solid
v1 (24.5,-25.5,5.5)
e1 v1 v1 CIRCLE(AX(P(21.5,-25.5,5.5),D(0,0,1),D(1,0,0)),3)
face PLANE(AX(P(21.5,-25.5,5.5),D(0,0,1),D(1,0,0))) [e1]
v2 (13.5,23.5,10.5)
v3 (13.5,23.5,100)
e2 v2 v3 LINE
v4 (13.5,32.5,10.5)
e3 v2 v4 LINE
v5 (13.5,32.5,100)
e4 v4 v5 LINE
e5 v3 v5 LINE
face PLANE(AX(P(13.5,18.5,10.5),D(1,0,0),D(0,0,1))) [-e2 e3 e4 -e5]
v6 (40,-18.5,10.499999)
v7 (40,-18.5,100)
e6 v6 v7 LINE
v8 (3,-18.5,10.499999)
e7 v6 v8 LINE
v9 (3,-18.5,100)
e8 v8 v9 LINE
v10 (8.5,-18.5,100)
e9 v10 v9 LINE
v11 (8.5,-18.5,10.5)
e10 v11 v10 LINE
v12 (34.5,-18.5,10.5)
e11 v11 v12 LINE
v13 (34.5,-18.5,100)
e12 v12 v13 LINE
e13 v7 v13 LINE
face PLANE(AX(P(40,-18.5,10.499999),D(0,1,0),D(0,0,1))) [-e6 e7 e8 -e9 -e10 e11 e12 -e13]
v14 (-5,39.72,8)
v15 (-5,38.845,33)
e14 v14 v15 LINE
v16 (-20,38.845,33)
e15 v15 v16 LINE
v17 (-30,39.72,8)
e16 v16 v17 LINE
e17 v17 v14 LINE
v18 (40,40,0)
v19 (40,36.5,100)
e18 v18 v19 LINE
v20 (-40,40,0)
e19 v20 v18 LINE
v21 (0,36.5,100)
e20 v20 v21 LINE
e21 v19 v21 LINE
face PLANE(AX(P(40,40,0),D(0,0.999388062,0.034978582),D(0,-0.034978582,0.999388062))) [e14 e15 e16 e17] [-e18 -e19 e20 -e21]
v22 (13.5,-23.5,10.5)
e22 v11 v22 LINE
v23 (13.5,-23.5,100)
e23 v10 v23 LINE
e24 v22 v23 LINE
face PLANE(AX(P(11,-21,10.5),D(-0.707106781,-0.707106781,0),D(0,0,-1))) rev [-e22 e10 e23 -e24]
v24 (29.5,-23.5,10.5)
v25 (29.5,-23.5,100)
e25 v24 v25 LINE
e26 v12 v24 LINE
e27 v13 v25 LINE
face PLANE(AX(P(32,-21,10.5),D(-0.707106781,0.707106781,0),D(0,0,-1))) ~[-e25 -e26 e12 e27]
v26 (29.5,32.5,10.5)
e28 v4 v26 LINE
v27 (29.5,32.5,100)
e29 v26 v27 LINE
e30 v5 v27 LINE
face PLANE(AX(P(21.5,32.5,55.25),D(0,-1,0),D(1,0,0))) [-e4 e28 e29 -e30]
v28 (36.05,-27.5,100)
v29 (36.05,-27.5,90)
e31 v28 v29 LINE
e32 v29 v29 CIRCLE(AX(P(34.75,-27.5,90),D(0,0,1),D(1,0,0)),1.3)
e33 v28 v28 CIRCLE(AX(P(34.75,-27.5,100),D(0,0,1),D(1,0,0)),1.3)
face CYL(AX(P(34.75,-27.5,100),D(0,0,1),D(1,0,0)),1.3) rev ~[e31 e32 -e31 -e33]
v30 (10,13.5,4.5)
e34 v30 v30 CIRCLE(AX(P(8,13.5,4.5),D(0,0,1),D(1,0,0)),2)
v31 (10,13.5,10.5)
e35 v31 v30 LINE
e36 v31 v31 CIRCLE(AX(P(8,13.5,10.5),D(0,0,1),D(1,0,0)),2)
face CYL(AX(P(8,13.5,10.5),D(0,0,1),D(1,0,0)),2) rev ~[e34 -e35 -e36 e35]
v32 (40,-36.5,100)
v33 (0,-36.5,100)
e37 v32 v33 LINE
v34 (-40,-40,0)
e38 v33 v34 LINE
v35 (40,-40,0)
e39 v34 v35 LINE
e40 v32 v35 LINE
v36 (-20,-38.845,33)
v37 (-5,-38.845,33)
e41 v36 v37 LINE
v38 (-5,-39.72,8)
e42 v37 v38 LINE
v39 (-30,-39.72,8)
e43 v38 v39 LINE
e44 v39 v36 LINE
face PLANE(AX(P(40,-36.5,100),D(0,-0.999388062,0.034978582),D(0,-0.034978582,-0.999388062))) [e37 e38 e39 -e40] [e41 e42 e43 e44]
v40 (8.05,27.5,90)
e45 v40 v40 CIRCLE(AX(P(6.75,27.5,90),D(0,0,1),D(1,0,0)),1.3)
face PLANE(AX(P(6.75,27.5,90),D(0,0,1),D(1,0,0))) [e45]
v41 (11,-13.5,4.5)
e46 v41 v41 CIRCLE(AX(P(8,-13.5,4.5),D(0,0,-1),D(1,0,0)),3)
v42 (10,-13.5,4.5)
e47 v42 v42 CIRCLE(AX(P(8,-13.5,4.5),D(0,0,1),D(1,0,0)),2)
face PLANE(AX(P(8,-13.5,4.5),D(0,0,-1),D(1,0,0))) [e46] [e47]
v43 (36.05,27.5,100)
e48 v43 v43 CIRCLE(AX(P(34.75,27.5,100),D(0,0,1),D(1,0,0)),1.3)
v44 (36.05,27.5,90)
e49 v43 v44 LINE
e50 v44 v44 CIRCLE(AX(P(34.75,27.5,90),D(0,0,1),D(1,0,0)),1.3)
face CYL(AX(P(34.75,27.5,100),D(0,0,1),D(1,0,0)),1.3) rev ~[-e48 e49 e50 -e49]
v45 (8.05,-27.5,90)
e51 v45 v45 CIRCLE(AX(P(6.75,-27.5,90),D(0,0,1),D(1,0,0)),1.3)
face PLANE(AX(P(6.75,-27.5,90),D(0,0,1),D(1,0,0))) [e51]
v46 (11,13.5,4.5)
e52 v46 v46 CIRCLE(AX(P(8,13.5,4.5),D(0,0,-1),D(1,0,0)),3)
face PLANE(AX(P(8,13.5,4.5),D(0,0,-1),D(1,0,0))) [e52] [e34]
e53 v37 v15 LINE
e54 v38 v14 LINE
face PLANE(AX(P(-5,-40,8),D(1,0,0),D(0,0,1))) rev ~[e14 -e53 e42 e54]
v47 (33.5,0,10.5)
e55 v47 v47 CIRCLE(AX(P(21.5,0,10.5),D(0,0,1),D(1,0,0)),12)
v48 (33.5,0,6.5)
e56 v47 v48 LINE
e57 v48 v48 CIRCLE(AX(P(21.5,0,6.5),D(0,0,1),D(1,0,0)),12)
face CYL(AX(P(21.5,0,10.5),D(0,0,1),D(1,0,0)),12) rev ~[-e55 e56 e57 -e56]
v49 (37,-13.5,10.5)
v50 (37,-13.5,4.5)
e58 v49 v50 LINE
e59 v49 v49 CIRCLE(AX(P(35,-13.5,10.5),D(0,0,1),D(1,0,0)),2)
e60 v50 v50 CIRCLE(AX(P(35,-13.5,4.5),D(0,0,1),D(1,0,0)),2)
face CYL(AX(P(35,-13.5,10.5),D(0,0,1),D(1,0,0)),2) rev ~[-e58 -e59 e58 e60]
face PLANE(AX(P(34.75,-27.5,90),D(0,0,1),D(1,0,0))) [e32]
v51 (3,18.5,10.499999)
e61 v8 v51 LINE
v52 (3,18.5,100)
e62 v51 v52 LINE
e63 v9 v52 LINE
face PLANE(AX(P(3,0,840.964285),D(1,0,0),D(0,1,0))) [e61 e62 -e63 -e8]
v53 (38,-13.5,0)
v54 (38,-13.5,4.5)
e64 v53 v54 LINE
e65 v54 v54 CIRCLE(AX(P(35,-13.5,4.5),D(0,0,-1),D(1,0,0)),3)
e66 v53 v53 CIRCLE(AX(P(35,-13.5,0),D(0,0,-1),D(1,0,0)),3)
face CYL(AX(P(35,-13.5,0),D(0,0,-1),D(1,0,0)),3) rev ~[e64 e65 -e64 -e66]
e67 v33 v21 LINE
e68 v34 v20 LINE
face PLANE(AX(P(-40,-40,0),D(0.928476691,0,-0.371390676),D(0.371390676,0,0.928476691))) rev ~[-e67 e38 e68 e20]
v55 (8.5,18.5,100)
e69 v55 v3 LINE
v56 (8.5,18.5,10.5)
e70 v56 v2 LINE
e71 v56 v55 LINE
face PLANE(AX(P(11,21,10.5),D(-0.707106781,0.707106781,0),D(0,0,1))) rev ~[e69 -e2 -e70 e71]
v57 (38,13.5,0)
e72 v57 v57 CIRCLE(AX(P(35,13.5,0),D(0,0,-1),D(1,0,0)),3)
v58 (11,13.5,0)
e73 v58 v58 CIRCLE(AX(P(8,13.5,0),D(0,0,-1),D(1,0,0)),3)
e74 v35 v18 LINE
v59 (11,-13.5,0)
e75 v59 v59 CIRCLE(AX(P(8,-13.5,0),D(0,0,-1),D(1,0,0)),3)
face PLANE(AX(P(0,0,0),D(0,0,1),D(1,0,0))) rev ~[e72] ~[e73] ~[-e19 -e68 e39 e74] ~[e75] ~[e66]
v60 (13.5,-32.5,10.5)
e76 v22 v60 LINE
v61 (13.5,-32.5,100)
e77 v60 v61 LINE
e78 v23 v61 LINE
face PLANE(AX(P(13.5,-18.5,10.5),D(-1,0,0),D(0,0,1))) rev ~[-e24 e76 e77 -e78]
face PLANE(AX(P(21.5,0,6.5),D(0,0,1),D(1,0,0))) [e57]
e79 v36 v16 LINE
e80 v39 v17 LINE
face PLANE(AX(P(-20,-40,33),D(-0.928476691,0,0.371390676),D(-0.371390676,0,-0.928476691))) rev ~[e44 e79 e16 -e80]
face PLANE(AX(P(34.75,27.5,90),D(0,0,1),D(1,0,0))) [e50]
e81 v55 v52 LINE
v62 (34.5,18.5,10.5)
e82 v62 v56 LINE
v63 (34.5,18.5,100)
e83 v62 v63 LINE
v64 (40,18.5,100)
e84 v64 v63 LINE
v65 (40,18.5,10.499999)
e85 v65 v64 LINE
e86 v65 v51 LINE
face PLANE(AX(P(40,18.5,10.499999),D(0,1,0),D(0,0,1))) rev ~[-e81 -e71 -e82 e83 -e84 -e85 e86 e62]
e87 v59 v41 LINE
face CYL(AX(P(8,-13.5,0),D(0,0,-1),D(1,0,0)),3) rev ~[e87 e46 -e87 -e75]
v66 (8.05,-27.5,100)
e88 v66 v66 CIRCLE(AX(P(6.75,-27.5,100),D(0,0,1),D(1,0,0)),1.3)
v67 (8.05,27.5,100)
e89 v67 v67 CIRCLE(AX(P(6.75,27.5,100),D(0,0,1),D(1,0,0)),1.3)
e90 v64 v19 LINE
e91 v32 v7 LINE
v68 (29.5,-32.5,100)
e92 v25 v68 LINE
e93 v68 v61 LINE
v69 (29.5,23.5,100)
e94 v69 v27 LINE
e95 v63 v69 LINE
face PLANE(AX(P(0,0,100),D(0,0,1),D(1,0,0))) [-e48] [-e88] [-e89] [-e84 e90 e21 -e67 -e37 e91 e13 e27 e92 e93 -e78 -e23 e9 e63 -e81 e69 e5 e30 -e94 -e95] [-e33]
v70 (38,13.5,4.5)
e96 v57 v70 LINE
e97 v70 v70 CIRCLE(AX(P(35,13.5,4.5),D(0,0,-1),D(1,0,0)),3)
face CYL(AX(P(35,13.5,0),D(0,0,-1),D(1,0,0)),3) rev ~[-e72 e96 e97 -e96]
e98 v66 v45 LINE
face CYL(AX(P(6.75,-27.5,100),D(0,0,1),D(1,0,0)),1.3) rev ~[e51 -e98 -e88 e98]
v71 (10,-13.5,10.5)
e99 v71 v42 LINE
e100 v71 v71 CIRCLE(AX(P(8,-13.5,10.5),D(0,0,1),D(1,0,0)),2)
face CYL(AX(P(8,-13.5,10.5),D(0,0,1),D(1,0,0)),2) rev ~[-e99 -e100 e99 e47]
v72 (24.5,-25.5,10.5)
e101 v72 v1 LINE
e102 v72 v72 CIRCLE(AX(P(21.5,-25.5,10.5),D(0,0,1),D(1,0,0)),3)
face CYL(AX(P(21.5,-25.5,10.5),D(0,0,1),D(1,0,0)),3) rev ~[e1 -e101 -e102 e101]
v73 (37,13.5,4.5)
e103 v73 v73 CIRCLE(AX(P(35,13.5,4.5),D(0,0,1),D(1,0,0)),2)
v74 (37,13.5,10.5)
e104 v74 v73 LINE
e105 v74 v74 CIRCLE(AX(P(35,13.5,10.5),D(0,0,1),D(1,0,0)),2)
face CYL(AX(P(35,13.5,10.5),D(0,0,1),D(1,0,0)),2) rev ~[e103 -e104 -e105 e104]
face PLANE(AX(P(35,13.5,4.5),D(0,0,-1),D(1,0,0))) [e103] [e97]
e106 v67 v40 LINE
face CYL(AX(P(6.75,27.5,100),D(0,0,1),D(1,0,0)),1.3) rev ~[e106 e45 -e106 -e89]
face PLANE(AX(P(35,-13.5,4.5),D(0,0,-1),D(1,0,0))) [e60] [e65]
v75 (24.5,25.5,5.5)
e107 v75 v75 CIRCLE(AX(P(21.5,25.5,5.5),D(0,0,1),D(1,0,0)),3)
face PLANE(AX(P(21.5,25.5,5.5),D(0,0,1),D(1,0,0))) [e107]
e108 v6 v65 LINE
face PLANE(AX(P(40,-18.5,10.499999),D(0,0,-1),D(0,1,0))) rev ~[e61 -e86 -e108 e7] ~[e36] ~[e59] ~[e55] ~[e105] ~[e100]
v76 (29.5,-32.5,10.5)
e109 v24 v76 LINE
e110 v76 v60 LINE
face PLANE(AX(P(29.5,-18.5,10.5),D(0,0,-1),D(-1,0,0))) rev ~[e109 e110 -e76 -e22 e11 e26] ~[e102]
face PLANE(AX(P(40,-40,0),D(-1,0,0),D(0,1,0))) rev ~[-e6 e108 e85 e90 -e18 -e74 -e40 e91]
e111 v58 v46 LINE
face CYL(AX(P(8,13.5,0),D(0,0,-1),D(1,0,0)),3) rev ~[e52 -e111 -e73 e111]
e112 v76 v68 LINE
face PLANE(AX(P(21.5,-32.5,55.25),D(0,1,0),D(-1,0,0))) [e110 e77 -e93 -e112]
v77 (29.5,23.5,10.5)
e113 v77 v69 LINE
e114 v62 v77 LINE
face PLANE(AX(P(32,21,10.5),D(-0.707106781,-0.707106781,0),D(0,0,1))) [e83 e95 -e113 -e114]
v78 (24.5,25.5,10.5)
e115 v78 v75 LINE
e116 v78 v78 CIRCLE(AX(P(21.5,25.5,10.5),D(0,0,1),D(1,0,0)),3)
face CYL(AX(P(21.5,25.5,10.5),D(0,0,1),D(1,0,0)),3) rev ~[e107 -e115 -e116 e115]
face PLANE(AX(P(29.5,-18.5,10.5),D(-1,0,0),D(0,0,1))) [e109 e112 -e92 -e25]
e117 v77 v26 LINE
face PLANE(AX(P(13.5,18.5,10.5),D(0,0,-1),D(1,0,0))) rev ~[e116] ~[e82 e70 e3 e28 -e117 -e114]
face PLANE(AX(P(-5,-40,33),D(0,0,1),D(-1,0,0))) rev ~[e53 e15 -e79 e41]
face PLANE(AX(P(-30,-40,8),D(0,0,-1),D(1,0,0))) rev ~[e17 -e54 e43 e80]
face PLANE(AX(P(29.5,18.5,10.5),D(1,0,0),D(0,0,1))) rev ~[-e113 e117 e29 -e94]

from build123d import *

# Parameters (mm, degrees)
SKETCH007_W     = 80
SKETCH007_H     = 80
PAD005_DEPTH    = 100
POCKET001_DEPTH = 80.001
POCKET002_DEPTH = 80.001
SKETCH011_W     = 37
SKETCH011_H     = 1660.928571
POCKET003_DEPTH = 37
SKETCH012_R     = 12
POCKET004_DEPTH = 4
SKETCH013_R     = 2
POCKET005_DEPTH = 10.501
SKETCH014_R     = 3
POCKET006_DEPTH = 4.5
SKETCH016_W     = 16
SKETCH016_H     = 89.5
POCKET008_DEPTH = 14
SKETCH024_W     = 16
SKETCH024_H     = 89.5
POCKET015_DEPTH = 14
SKETCH018_R     = 3
POCKET010_DEPTH = 5
SKETCH022_R     = 1.3
POCKET013_DEPTH = 10
CHAMFER_SIZE    = 5


with BuildPart() as part:
    # Sketch007 → Pad005 (new body)
    with BuildSketch(Plane.XY):
        Rectangle(SKETCH007_W, SKETCH007_H)
    extrude(amount=PAD005_DEPTH)

    # Sketch008 (on Face2 of Pad005) → Pocket001 (cut, through all)
    with BuildSketch(Plane.XZ.offset(40)):
        Polygon((-40, 0), (0, 100), (-40, 100), align=None)
        Polygon((-30, 8), (-5, 8), (-5, 33), (-20, 33), align=None)
    extrude(amount=-POCKET001_DEPTH, mode=Mode.SUBTRACT)

    # Sketch009 (on Face4 of Pocket001) → Pocket002 (cut, through all)
    with BuildSketch(Plane.YZ.offset(40)):
        Polygon((-36.5, 100), (-40, 0), (-40, 100), align=None)
        Polygon((40, 0), (36.5, 100), (40, 100), align=None)
    extrude(amount=-POCKET002_DEPTH, mode=Mode.SUBTRACT)

    # Sketch011 (on Face4 of Pocket002) → Pocket003 (cut)
    with BuildSketch(Plane.YZ.offset(40)):
        with Locations((0, 840.964285)):
            Rectangle(SKETCH011_W, SKETCH011_H)
    extrude(amount=-POCKET003_DEPTH, mode=Mode.SUBTRACT)

    # Sketch012 (on Face12 of Pocket003) → Pocket004 (cut)
    with BuildSketch(Plane.XY.offset(10.5)):
        with Locations((21.5, 0)):
            Circle(SKETCH012_R)
    extrude(amount=-POCKET004_DEPTH, mode=Mode.SUBTRACT)

    # Sketch013 (on Face12 of Pocket004) → Pocket005 (cut, through all)
    with BuildSketch(Plane.XY.offset(10.5)):
        with Locations((8, 13.5)):
            Circle(SKETCH013_R)
        with Locations((35, 13.5)):
            Circle(SKETCH013_R)
        with Locations((35, -13.5)):
            Circle(SKETCH013_R)
        with Locations((8, -13.5)):
            Circle(SKETCH013_R)
    extrude(amount=-POCKET005_DEPTH, mode=Mode.SUBTRACT)

    # Sketch014 (on Face1 of Pocket005) → Pocket006 (cut)
    with BuildSketch(Plane(origin=(0, 0, 0), x_dir=(1, 0, 0), z_dir=(0, 0, -1))):
        with Locations((8, 13.5)):
            Circle(SKETCH014_R)
        with Locations((35, 13.5)):
            Circle(SKETCH014_R)
        with Locations((35, -13.5)):
            Circle(SKETCH014_R)
        with Locations((8, -13.5)):
            Circle(SKETCH014_R)
    extrude(amount=-POCKET006_DEPTH, mode=Mode.SUBTRACT)

    # Sketch016 (on Face15 of Pocket006) → Pocket008 (cut)
    with BuildSketch(Plane.XZ.offset(-18.5)):
        with Locations((21.5, 55.25)):
            Rectangle(SKETCH016_W, SKETCH016_H)
    extrude(amount=-POCKET008_DEPTH, mode=Mode.SUBTRACT)

    # Sketch024 (on Face16 of Pocket008) → Pocket015 (cut)
    with BuildSketch(Plane(origin=(0, -18.5, 0), x_dir=(-1, 0, 0), z_dir=(0, 1, 0))):
        with Locations((-21.5, 55.25)):
            Rectangle(SKETCH024_W, SKETCH024_H)
    extrude(amount=-POCKET015_DEPTH, mode=Mode.SUBTRACT)

    # Sketch018 (on Face34 of Pocket015) → Pocket010 (cut)
    with BuildSketch(Plane.XY.offset(10.5)):
        with Locations((21.5, -25.5)):
            Circle(SKETCH018_R)
        with Locations((21.5, 25.5)):
            Circle(SKETCH018_R)
    extrude(amount=-POCKET010_DEPTH, mode=Mode.SUBTRACT)

    # Sketch022 (on Face10 of Pocket010) → Pocket013 (cut)
    with BuildSketch(Plane.XY.offset(100)):
        with Locations((6.75, 27.5)):
            Circle(SKETCH022_R)
        with Locations((34.75, 27.5)):
            Circle(SKETCH022_R)
        with Locations((6.75, -27.5)):
            Circle(SKETCH022_R)
        with Locations((34.75, -27.5)):
            Circle(SKETCH022_R)
    extrude(amount=-POCKET013_DEPTH, mode=Mode.SUBTRACT)

    # Chamfer
    chamfer_edges = [part.edges().sort_by_distance(p)[0] for p in [
        (29.5, -18.5, 55.25),
        (13.5, -18.5, 55.25),
        (13.5, 18.5, 55.25),
        (29.5, 18.5, 55.25),
    ]]
    chamfer(chamfer_edges, length=CHAMFER_SIZE)


solid = part.part
